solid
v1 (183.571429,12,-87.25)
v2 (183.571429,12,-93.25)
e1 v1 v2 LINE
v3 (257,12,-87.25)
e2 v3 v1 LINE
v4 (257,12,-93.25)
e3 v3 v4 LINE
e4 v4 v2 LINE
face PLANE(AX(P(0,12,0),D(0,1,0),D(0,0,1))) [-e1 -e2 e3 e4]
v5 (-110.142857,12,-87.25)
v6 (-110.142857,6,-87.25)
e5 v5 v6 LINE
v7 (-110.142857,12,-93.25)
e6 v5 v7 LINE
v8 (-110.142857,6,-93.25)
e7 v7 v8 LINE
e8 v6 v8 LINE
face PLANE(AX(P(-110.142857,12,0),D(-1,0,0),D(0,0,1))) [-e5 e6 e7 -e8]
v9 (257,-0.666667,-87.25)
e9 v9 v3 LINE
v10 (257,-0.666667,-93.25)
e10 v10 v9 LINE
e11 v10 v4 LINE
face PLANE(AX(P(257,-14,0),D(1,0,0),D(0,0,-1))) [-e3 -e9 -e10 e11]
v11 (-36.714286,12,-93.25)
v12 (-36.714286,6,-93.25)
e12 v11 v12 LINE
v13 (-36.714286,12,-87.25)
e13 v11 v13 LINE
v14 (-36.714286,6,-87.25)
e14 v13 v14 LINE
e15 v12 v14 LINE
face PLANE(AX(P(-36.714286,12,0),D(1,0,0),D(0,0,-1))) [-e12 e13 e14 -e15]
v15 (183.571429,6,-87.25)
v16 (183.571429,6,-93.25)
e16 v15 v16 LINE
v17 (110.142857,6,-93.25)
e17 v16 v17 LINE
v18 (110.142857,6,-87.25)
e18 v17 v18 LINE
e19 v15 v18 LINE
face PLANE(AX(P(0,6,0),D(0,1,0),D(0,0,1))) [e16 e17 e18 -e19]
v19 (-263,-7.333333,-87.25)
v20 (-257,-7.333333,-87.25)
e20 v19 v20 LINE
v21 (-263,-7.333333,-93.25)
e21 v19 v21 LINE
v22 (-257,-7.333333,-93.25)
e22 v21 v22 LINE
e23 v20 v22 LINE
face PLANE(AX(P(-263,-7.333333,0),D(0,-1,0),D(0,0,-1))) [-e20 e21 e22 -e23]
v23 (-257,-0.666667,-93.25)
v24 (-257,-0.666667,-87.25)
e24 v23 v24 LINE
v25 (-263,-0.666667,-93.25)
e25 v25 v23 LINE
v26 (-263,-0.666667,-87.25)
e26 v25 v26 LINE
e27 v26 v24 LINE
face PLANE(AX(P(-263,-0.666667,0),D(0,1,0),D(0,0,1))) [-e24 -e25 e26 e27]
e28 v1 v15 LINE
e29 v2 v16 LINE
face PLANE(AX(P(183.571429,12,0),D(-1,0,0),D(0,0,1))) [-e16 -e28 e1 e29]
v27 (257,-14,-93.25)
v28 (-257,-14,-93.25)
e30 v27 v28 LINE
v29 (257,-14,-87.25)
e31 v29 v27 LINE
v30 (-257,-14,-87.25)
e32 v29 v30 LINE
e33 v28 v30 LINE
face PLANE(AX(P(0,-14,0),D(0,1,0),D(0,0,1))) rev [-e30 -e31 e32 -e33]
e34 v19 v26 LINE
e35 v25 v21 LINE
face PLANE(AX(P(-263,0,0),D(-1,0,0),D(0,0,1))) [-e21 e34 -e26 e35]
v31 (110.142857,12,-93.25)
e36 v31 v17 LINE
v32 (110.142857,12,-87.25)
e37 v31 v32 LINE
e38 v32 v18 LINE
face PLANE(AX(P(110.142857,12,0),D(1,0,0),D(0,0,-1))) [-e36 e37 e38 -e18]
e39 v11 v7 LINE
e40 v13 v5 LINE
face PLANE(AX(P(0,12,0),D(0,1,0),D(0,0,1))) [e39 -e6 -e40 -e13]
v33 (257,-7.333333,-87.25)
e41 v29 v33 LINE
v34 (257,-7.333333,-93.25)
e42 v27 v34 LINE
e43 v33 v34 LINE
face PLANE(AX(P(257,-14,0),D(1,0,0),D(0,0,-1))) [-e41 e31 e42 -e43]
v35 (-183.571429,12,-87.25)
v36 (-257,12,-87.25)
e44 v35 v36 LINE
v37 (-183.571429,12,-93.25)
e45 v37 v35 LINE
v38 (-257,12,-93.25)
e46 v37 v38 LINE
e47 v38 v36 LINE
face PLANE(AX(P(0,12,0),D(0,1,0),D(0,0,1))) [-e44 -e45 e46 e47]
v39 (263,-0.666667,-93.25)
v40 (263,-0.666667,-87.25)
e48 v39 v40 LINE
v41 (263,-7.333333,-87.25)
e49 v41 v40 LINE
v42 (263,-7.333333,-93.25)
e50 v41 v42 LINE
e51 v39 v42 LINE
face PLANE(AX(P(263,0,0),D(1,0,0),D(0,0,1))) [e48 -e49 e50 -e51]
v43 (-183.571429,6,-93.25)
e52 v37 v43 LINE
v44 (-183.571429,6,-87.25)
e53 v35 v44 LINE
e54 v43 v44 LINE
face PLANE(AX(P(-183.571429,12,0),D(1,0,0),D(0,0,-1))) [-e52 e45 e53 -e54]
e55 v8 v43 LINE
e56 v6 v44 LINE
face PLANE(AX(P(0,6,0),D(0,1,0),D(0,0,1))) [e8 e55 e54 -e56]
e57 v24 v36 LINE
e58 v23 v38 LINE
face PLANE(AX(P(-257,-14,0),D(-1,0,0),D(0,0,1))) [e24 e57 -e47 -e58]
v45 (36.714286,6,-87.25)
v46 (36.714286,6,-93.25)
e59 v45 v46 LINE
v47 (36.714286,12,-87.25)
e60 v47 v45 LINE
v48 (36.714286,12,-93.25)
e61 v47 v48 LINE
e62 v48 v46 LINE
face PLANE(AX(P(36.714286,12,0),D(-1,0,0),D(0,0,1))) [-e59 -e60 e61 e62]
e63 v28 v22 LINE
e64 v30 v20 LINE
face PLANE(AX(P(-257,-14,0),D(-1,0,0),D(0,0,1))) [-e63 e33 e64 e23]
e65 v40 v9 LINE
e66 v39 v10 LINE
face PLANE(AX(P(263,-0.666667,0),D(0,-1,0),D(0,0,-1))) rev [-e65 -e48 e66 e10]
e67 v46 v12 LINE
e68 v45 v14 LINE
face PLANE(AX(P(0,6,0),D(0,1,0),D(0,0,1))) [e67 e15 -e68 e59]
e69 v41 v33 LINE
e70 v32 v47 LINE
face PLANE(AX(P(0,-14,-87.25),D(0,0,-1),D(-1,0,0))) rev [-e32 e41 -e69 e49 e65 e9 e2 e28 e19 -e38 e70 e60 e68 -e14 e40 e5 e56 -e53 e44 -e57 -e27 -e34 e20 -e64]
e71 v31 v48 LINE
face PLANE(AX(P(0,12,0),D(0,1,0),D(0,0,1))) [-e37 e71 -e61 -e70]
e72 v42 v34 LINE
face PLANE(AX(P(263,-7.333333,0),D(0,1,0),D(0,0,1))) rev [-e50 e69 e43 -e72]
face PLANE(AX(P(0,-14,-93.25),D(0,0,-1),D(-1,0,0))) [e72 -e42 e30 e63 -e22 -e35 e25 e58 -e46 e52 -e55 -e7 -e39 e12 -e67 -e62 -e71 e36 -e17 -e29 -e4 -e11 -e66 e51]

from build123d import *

# Parameters (mm, degrees)
SKETCH1_W               = 466
SKETCH1_H               = 126.5
BOSS_EXTRUDE1_DEPTH     = 6
SKETCH2_W               = 73.428571429
SKETCH2_H               = 6
SKETCH2_W_2             = 73.428571428
BOSS_EXTRUDE2_DEPTH     = 20
SKETCH1_2_W             = 466
SKETCH1_2_H             = 126.5
CUT_EXTRUDE1_DEPTH      = 7
CUT_EXTRUDE1_DEPTH_BACK = 15
SKETCH2_4_W             = 73.428571429
SKETCH2_4_H             = 6
BOSS_EXTRUDE3_DEPTH     = 6
SKETCH4_W               = 6
SKETCH4_H               = 6.666666666
BOSS_EXTRUDE4_DEPTH     = 6


with BuildPart() as part:
    # Sketch1 → Boss-Extrude1 (new body)
    with BuildSketch(Plane(origin=(0, 0, 0), x_dir=(1, 0, 0), z_dir=(0, 1, 0))):
        Rectangle(SKETCH1_W, SKETCH1_H)
    extrude(amount=BOSS_EXTRUDE1_DEPTH)

    # Sketch1<2> → Cut-Extrude1 (cut, two sides)
    with BuildSketch(Plane(origin=(0, 0, 0), x_dir=(1, 0, 0), z_dir=(0, 1, 0))) as cut_extrude1_sk:
        Rectangle(SKETCH1_2_W, SKETCH1_2_H)
    extrude(amount=CUT_EXTRUDE1_DEPTH, mode=Mode.SUBTRACT)
    extrude(cut_extrude1_sk.sketch, amount=-CUT_EXTRUDE1_DEPTH_BACK, mode=Mode.SUBTRACT)


with BuildPart() as body_2:
    # Sketch2 → Boss-Extrude2 (new body)
    with BuildSketch(Plane(origin=(0, 6, 0), x_dir=(1, 0, 0), z_dir=(0, 1, 0))):
        with Locations((-220.285714286, 90.25)):
            Rectangle(SKETCH2_W, SKETCH2_H)
        with Locations((-146.857142857, 90.25)):
            Rectangle(SKETCH2_W_2, SKETCH2_H)
        with Locations((-73.428571428, 90.25)):
            Rectangle(SKETCH2_W, SKETCH2_H)
        with Locations((0, 90.25)):
            Rectangle(SKETCH2_W_2, SKETCH2_H)
        with Locations((73.428571428, 90.25)):
            Rectangle(SKETCH2_W, SKETCH2_H)
        with Locations((146.857142857, 90.25)):
            Rectangle(SKETCH2_W_2, SKETCH2_H)
        with Locations((220.285714286, 90.25)):
            Rectangle(SKETCH2_W, SKETCH2_H)
    extrude(amount=-BOSS_EXTRUDE2_DEPTH)

    # Sketch2<4> → Boss-Extrude3 (add)
    with BuildSketch(Plane(origin=(0, 6, 0), x_dir=(1, 0, 0), z_dir=(0, 1, 0))):
        with Locations((220.285714286, 90.25)):
            Rectangle(SKETCH2_4_W, SKETCH2_4_H)
        with Locations((73.428571428, 90.25)):
            Rectangle(SKETCH2_4_W, SKETCH2_4_H)
        with Locations((-73.428571428, 90.25)):
            Rectangle(SKETCH2_4_W, SKETCH2_4_H)
        with Locations((-220.285714286, 90.25)):
            Rectangle(SKETCH2_4_W, SKETCH2_4_H)
    extrude(amount=BOSS_EXTRUDE3_DEPTH)

    # Sketch4 → Boss-Extrude4 (add)
    with BuildSketch(Plane.ZY.offset(257)):
        with Locations((-90.25, -4)):
            Rectangle(SKETCH4_W, SKETCH4_H)
    boss_extrude4 = extrude(amount=BOSS_EXTRUDE4_DEPTH)

    # Mirror2: Boss-Extrude4 across plane
    add(boss_extrude4.mirror(Plane(origin=(0, 0, 0), x_dir=(0, 0, 1), z_dir=(1, 0, 0))))


solid = body_2.part
